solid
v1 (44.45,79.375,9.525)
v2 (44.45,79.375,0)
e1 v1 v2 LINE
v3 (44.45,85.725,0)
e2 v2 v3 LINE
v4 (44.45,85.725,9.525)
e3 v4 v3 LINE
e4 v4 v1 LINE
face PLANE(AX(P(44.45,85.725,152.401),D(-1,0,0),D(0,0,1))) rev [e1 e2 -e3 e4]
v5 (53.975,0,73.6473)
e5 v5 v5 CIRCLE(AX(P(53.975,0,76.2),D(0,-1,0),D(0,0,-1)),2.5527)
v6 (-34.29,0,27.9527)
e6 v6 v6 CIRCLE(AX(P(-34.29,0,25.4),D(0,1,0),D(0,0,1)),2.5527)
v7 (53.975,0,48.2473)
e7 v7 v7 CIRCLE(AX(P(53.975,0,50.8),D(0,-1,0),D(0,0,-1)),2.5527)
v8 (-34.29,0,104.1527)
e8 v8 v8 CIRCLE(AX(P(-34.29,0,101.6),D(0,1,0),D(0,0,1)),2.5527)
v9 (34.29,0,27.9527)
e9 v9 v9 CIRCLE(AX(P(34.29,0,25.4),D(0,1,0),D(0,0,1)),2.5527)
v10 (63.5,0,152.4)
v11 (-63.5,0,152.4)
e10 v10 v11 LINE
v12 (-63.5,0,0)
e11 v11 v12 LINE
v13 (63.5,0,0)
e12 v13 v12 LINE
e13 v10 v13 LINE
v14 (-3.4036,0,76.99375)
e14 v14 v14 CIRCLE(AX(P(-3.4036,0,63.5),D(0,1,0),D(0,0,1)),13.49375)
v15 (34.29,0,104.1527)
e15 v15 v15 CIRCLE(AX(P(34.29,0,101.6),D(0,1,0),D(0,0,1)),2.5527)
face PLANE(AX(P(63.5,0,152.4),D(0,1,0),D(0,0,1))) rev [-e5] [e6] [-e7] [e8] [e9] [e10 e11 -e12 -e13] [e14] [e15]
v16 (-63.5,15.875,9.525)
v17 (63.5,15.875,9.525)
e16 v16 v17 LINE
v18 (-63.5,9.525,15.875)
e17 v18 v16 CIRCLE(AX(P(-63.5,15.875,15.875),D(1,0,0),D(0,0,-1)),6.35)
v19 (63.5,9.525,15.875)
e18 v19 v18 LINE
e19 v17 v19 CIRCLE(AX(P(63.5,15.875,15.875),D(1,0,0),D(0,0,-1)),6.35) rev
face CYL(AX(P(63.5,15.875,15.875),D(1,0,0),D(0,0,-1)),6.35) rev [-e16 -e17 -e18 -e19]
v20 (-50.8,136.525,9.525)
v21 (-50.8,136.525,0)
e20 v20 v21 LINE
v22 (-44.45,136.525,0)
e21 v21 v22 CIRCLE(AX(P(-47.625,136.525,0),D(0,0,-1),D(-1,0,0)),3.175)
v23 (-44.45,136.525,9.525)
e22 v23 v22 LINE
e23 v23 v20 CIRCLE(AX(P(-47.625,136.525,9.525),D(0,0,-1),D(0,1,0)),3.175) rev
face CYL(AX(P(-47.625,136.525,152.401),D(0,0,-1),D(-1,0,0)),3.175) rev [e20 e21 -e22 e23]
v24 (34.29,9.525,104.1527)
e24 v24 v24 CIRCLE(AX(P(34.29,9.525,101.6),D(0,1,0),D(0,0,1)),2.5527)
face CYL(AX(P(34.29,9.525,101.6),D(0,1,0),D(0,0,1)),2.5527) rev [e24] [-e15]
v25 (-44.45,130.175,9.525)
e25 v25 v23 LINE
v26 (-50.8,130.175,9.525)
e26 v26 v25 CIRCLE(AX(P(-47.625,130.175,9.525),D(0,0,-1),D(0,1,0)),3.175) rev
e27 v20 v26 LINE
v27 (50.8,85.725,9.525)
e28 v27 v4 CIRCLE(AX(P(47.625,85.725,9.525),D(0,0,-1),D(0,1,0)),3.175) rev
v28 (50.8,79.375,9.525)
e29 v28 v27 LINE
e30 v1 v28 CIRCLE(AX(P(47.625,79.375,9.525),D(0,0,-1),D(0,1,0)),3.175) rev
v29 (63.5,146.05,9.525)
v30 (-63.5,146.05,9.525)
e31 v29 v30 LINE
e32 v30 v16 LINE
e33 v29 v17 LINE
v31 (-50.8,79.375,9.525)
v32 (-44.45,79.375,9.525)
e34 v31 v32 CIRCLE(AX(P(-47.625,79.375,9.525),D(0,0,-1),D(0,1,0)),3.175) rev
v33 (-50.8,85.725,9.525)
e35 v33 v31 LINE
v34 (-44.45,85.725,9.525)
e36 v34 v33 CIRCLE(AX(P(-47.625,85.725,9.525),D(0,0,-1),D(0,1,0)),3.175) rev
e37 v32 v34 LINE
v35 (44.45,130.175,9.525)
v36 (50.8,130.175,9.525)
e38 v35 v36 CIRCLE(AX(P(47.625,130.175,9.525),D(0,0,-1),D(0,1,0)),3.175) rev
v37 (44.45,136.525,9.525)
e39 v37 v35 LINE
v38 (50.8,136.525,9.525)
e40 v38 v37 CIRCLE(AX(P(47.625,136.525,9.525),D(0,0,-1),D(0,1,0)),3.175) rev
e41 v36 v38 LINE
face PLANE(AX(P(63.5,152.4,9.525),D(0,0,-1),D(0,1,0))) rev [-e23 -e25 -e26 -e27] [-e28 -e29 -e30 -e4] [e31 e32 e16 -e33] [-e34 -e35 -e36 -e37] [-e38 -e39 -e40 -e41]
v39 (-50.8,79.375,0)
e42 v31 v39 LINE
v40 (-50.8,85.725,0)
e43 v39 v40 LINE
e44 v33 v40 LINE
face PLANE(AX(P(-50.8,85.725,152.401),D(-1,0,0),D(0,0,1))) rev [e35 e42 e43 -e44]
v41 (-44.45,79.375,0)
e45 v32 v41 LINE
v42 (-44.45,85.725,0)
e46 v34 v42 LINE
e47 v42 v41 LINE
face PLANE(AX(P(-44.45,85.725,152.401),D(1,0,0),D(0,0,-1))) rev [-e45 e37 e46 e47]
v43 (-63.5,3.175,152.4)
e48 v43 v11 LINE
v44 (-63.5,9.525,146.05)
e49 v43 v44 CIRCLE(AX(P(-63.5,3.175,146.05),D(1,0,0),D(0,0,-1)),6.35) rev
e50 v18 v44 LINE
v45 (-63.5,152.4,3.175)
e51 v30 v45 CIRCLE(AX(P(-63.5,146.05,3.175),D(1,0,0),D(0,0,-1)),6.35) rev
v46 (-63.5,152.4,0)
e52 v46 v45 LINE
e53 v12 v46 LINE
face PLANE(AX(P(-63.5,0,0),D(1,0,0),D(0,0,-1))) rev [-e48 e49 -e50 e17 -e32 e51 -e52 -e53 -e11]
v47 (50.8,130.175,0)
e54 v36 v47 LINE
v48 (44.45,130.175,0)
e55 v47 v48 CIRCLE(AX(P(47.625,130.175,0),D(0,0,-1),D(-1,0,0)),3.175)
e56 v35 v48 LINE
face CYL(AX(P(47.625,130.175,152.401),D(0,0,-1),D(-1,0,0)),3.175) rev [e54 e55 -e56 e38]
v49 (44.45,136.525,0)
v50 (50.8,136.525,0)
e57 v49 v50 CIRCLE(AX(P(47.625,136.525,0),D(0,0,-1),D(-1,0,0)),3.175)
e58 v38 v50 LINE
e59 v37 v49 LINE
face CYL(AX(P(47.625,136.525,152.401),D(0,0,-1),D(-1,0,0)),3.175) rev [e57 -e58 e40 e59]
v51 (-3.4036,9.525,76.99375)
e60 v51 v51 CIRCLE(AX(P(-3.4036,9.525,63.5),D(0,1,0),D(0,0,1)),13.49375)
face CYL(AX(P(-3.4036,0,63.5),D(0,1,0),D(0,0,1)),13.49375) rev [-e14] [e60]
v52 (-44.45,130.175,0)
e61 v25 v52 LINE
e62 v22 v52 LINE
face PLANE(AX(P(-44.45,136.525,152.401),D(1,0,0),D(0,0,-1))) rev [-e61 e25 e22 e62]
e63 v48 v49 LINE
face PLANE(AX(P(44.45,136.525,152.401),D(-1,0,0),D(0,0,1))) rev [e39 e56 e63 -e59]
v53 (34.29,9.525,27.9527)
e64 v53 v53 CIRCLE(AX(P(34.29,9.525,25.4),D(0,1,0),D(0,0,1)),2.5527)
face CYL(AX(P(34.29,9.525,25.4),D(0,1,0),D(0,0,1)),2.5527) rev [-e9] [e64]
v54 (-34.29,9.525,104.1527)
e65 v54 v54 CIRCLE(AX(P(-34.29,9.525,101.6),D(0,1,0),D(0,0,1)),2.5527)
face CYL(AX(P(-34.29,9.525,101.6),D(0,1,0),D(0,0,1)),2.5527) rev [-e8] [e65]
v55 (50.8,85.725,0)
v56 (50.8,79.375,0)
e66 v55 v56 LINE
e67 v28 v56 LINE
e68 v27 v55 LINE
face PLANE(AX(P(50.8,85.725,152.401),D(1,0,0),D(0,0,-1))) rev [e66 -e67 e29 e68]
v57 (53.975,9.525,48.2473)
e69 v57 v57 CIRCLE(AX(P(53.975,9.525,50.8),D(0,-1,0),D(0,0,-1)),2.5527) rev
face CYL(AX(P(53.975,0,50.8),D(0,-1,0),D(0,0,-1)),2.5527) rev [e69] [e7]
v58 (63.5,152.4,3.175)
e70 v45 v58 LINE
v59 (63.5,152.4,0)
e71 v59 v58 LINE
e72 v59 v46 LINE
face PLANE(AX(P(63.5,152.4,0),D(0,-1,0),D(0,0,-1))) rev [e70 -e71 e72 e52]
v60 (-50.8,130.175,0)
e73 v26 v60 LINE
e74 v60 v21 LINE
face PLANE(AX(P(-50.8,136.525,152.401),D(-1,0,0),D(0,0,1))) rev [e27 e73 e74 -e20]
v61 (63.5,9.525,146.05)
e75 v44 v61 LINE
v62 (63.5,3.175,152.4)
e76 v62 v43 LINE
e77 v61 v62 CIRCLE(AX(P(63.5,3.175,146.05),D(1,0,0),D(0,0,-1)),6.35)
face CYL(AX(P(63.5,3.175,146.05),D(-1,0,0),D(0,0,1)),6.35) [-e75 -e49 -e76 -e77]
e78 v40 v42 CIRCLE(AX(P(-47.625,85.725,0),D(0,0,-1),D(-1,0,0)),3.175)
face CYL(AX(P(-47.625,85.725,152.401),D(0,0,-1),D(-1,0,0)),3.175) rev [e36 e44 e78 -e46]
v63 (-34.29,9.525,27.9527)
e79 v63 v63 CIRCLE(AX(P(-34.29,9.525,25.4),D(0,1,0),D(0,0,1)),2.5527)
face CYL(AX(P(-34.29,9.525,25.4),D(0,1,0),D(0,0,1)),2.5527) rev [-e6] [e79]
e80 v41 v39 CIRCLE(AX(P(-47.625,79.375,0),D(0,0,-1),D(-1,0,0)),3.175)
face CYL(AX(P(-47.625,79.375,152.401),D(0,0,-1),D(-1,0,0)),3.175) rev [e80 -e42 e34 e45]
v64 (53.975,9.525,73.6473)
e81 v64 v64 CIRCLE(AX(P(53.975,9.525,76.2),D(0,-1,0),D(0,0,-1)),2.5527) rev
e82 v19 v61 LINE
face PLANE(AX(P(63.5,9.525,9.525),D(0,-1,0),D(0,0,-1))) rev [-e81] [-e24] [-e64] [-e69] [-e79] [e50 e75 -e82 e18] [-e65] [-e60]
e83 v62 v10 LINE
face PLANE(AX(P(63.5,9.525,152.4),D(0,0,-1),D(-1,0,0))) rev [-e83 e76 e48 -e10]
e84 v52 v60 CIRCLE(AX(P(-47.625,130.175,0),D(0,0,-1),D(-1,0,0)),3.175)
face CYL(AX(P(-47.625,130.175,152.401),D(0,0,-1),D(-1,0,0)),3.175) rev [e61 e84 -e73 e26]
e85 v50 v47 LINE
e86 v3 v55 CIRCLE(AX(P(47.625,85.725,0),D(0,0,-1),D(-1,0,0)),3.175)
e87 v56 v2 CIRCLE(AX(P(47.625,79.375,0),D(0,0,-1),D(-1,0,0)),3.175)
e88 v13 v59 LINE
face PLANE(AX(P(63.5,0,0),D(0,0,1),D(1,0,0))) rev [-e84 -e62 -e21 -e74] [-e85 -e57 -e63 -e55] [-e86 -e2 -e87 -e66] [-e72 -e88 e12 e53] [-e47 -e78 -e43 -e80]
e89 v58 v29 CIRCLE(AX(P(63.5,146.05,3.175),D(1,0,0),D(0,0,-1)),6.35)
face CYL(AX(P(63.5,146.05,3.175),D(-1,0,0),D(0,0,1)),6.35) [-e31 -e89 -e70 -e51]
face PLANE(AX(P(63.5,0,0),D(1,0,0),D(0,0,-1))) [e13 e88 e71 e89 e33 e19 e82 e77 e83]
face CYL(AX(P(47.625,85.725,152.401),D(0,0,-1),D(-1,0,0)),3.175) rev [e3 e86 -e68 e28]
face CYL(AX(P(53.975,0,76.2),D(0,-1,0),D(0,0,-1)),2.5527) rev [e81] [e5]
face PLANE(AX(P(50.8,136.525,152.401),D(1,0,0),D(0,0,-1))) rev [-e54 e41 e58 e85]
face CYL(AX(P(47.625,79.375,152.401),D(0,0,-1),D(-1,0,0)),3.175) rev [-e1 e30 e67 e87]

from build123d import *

# Parameters (mm, degrees)
F_6_X_6_ANGLE_BAR_EXTRUSION_DEPTH = 63.5
EXTRUSION_FILLETS_R               = 6.35
F_10_CLEARANCE_HOLE_ROUTER_D      = 5.1054
SKETCH7_R                         = 13.49375
F_1_OD_BIT_ACCESS_HOLE_DEPTH      = 219.337526836
TAPPED_HOLE_FOR_10_32_HELICOIL1_D = 5.1054
MOUNTING_SLOTS_REACH              = 226.686


with BuildPart() as part:
    # Sketch1 → 6" x 6" angle bar extrusion (new, symmetric)
    with BuildSketch(Plane(origin=(0, 0, 0), x_dir=(0, 0, -1), z_dir=(1, 0, 0))):
        Polygon((0, 0), (0, 152.4), (-9.525, 152.4), (-9.525, 9.525), (-152.4, 9.525), (-152.4, 0), align=None)
    extrude(amount=F_6_X_6_ANGLE_BAR_EXTRUSION_DEPTH, both=True)

    # extrusion fillets
    extrusion_fillets_edges = [part.edges().sort_by_distance(p)[0] for p in [
        (0, 9.525, 152.4),
        (0, 9.525, 9.525),
        (0, 152.4, 9.525),
    ]]
    fillet(extrusion_fillets_edges, radius=EXTRUSION_FILLETS_R)

    # #10 Clearance Hole - router (through all)
    with Locations(Plane(origin=(0, 9.525, 0), x_dir=(1, 0, 0), z_dir=(0, 1, 0))):
        with Locations((-34.29, -25.4), (34.29, -101.6), (-34.29, -101.6), (34.29, -25.4)):
            Hole(F_10_CLEARANCE_HOLE_ROUTER_D / 2)

    # Sketch7 → 1" OD bit access hole (cut, through all)
    with BuildSketch(Plane(origin=(0, 9.525, 0), x_dir=(1, 0, 0), z_dir=(0, 1, 0))):
        with Locations(Location((-3.4036, -63.5, 0), (0, 0, 270))):
            Circle(SKETCH7_R)
    extrude(amount=-F_1_OD_BIT_ACCESS_HOLE_DEPTH, mode=Mode.SUBTRACT)

    # Tapped Hole for #10-32 Helicoil1 (through all)
    with Locations(Plane(origin=(0, 0, 0), x_dir=(-1, 0, 0), z_dir=(0, -1, 0))):
        with Locations((-53.975, -50.8), (-53.975, -76.2)):
            Hole(TAPPED_HOLE_FOR_10_32_HELICOIL1_D / 2)

    # Sketch14 → mounting slots (cut, up to next)
    with BuildSketch(Plane(origin=(0, 0, 0), x_dir=(-1, 0, 0), z_dir=(0, 0, -1)), mode=Mode.PRIVATE) as mounting_slots_sk1:
        with BuildLine():
            Line((-44.45, 136.525), (-44.45, 130.175))
            ThreePointArc((-44.45, 130.175), (-47.625, 127), (-50.8, 130.175))
            Line((-50.8, 130.175), (-50.8, 136.525))
            ThreePointArc((-50.8, 136.525), (-47.625, 139.7), (-44.45, 136.525))
        make_face()
    mounting_slots_tool1 = extrude(mounting_slots_sk1.sketch, amount=-MOUNTING_SLOTS_REACH, mode=Mode.PRIVATE) & part.part
    # Sketch14 → mounting slots (cut, up to next)
    with BuildSketch(Plane(origin=(0, 0, 0), x_dir=(-1, 0, 0), z_dir=(0, 0, -1)), mode=Mode.PRIVATE) as mounting_slots_sk2:
        with BuildLine():
            Line((-44.45, 85.725), (-44.45, 79.375))
            ThreePointArc((-44.45, 79.375), (-47.625, 76.2), (-50.8, 79.375))
            Line((-50.8, 79.375), (-50.8, 85.725))
            ThreePointArc((-50.8, 85.725), (-47.625, 88.9), (-44.45, 85.725))
        make_face()
    mounting_slots_tool2 = extrude(mounting_slots_sk2.sketch, amount=-MOUNTING_SLOTS_REACH, mode=Mode.PRIVATE) & part.part
    # Sketch14 → mounting slots (cut, up to next)
    with BuildSketch(Plane(origin=(0, 0, 0), x_dir=(-1, 0, 0), z_dir=(0, 0, -1)), mode=Mode.PRIVATE) as mounting_slots_sk3:
        with BuildLine():
            Line((50.8, 85.725), (50.8, 79.375))
            ThreePointArc((50.8, 79.375), (47.625, 76.2), (44.45, 79.375))
            Line((44.45, 79.375), (44.45, 85.725))
            ThreePointArc((44.45, 85.725), (47.625, 88.9), (50.8, 85.725))
        make_face()
    mounting_slots_tool3 = extrude(mounting_slots_sk3.sketch, amount=-MOUNTING_SLOTS_REACH, mode=Mode.PRIVATE) & part.part
    # Sketch14 → mounting slots (cut, up to next)
    with BuildSketch(Plane(origin=(0, 0, 0), x_dir=(-1, 0, 0), z_dir=(0, 0, -1)), mode=Mode.PRIVATE) as mounting_slots_sk4:
        with BuildLine():
            Line((50.8, 136.525), (50.8, 130.175))
            ThreePointArc((50.8, 130.175), (47.625, 127), (44.45, 130.175))
            Line((44.45, 130.175), (44.45, 136.525))
            ThreePointArc((44.45, 136.525), (47.625, 139.7), (50.8, 136.525))
        make_face()
    mounting_slots_tool4 = extrude(mounting_slots_sk4.sketch, amount=-MOUNTING_SLOTS_REACH, mode=Mode.PRIVATE) & part.part
    add(mounting_slots_tool1.solids().sort_by_distance((47.625, 133.35, 0))[0], mode=Mode.SUBTRACT)
    add(mounting_slots_tool2.solids().sort_by_distance((47.625, 82.55, 0))[0], mode=Mode.SUBTRACT)
    add(mounting_slots_tool3.solids().sort_by_distance((-47.625, 82.55, 0))[0], mode=Mode.SUBTRACT)
    add(mounting_slots_tool4.solids().sort_by_distance((-47.625, 133.35, 0))[0], mode=Mode.SUBTRACT)


solid = part.part
